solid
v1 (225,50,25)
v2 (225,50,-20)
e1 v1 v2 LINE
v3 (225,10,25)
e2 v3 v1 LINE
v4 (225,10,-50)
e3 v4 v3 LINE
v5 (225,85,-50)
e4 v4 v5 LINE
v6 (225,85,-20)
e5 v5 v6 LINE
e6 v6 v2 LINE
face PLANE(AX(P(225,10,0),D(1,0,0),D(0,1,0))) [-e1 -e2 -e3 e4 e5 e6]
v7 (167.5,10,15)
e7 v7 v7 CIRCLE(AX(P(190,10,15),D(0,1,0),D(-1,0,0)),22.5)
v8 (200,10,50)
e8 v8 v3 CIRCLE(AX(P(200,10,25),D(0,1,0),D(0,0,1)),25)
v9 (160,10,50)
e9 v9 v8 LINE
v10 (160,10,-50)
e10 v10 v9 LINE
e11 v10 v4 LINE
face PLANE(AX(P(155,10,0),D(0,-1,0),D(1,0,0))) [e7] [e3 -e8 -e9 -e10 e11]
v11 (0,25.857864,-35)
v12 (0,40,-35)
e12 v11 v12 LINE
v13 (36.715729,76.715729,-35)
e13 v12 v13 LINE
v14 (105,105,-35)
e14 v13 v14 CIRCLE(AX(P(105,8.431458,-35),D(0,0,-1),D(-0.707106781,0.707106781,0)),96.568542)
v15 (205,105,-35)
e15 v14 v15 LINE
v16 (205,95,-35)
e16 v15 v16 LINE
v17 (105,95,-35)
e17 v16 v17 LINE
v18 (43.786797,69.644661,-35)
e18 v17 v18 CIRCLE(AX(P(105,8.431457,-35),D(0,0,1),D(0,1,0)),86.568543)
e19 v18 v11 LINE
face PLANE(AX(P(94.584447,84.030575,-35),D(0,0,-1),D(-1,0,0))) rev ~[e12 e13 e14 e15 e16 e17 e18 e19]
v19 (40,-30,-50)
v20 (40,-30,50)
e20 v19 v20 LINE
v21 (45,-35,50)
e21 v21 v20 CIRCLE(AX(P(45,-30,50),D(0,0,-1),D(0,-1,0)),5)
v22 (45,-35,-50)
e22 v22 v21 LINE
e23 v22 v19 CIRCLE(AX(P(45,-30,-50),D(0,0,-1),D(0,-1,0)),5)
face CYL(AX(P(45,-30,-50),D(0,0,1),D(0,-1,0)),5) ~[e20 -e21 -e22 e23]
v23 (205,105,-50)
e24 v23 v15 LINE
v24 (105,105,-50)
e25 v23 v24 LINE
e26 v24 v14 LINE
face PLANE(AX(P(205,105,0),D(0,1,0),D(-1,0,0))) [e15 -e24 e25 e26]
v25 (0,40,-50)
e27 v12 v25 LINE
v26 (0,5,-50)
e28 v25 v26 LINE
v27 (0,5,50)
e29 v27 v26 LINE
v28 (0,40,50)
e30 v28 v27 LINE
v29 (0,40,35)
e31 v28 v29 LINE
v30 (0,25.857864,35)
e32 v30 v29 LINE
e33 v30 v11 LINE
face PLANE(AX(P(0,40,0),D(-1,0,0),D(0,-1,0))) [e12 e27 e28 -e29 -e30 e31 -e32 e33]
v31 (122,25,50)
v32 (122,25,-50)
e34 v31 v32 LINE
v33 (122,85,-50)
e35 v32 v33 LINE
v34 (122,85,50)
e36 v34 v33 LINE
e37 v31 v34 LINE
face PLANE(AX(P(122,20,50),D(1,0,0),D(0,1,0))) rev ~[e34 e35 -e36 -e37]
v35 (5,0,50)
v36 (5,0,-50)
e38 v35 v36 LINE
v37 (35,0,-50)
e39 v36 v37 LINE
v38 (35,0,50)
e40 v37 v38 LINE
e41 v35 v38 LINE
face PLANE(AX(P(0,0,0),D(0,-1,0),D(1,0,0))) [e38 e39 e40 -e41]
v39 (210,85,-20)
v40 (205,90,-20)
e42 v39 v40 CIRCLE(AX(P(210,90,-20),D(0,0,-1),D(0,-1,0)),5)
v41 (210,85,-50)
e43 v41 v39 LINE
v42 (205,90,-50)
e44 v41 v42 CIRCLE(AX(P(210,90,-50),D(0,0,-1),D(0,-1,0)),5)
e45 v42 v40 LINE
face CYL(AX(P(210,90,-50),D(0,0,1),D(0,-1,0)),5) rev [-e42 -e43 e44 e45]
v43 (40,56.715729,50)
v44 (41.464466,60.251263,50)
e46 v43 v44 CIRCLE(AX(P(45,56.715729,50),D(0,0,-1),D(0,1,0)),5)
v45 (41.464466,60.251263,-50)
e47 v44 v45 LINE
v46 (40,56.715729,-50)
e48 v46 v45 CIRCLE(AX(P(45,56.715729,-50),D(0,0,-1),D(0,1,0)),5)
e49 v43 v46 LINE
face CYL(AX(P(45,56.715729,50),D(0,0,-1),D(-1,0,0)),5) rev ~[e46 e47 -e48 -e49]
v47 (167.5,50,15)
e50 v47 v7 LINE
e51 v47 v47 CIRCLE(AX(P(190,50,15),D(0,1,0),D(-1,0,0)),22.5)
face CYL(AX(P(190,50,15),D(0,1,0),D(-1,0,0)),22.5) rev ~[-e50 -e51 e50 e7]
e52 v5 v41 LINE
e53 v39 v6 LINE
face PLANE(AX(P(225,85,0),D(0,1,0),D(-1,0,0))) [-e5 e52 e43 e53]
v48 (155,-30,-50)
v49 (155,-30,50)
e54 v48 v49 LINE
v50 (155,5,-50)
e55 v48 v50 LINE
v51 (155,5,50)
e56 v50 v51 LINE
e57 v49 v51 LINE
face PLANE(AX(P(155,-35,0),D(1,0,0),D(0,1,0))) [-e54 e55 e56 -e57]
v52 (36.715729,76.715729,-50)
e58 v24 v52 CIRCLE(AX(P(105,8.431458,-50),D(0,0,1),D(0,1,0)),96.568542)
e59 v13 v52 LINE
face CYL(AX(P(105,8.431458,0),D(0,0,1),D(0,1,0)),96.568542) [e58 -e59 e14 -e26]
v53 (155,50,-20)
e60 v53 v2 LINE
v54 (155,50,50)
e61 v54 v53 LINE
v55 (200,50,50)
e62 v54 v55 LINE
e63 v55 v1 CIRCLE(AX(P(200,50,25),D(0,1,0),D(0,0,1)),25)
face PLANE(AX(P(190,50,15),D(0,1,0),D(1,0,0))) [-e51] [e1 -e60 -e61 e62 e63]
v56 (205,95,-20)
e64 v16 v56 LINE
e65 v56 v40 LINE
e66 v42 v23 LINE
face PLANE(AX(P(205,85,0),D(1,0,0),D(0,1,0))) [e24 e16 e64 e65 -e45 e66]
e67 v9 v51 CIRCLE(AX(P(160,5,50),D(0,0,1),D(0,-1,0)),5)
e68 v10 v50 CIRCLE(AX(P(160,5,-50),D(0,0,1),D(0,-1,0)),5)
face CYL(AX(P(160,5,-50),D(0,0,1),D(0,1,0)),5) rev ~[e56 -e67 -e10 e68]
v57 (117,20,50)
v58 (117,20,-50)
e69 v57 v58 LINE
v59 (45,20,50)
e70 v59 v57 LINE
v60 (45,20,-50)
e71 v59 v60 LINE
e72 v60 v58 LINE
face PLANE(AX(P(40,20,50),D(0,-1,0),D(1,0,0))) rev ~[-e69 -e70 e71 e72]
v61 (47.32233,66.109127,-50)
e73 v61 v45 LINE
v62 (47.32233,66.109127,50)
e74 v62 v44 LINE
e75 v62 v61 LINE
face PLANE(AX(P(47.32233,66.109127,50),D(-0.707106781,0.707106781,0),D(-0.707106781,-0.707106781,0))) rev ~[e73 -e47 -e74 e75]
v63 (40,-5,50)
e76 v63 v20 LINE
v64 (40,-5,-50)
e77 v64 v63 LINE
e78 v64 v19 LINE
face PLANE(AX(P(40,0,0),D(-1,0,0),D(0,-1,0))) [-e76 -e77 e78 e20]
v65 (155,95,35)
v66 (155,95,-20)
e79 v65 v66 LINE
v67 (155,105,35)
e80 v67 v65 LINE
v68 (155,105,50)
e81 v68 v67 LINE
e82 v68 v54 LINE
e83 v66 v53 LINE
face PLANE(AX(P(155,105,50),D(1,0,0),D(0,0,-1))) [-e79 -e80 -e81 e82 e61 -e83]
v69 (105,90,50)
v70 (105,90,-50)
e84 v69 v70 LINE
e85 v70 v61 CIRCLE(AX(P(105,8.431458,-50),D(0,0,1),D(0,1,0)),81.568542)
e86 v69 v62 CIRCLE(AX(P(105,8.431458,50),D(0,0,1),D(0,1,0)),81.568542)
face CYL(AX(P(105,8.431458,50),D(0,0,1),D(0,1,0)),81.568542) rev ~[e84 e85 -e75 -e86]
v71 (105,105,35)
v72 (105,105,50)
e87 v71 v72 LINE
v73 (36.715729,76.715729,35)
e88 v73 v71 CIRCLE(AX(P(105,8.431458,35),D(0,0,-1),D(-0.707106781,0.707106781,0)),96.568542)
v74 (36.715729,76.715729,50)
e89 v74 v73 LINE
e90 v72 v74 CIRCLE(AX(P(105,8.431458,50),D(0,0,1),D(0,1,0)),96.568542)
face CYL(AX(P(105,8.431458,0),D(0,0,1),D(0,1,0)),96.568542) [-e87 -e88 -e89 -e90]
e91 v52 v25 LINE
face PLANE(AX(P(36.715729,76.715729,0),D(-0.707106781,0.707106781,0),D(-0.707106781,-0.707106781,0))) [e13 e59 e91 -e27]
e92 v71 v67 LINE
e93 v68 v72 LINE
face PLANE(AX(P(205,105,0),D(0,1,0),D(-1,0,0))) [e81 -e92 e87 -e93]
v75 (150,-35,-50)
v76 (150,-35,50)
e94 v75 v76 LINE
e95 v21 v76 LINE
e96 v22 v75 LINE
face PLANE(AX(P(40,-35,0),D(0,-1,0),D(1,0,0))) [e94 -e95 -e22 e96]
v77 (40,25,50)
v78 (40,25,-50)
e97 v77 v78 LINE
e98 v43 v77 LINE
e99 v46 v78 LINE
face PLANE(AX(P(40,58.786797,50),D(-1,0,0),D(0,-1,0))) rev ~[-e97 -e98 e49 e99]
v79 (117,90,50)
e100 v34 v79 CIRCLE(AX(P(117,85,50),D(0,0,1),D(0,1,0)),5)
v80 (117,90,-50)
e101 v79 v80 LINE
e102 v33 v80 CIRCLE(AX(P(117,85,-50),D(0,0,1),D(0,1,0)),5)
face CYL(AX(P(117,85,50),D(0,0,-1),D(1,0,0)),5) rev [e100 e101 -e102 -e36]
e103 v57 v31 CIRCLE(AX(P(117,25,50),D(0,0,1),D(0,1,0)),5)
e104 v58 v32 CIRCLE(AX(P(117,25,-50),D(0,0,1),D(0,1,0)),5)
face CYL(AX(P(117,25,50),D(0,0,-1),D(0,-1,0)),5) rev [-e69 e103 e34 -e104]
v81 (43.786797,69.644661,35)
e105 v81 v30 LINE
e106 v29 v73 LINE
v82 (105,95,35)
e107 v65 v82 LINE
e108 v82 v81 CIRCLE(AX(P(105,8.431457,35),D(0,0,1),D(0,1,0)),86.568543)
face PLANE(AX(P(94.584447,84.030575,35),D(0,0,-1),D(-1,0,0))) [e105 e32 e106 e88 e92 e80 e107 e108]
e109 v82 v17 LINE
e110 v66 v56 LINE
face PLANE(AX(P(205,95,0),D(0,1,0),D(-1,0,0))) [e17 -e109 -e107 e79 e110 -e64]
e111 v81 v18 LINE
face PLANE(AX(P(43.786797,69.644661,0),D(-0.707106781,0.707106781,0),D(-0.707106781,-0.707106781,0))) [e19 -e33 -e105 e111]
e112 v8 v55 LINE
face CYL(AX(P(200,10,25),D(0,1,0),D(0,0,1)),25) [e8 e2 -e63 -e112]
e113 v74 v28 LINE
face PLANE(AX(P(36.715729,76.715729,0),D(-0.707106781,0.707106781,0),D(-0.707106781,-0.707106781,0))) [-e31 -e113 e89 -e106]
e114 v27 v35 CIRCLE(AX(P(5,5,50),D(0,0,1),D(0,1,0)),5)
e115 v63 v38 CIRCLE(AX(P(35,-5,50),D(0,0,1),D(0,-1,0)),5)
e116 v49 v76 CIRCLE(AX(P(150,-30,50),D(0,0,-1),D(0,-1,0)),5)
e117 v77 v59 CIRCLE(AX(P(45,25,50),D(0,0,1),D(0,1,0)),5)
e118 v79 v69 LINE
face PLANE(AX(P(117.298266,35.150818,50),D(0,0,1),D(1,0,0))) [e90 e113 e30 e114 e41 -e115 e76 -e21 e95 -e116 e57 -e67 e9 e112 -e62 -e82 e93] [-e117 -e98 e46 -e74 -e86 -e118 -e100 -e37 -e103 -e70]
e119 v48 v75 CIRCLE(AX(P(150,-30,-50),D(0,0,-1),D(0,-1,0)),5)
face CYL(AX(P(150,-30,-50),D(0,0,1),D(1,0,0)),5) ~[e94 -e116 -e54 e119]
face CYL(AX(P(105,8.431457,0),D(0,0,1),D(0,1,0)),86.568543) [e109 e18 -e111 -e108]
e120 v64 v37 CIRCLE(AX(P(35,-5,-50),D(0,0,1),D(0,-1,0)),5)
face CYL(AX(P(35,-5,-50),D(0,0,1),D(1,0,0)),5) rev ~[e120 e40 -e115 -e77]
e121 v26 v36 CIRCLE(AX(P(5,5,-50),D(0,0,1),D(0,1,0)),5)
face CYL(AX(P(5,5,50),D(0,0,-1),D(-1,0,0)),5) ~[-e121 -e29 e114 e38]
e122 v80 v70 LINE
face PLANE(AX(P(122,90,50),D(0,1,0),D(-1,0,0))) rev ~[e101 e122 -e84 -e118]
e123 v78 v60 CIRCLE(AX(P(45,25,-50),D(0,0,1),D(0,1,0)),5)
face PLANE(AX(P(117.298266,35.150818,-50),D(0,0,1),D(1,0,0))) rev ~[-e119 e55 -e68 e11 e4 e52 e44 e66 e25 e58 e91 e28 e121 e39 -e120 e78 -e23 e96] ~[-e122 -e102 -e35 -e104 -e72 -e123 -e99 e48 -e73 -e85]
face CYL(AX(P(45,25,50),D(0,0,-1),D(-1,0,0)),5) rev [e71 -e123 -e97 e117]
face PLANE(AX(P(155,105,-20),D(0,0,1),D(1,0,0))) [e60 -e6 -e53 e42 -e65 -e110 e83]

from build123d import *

# Parameters (mm, degrees)
BOSS_EXTRUDE1_DEPTH = 50
CUT_EXTRUDE1_DEPTH  = 268.675176286
CUT_EXTRUDE3_DEPTH  = 35
SKETCH6_W           = 70
SKETCH6_H           = 70
CUT_EXTRUDE4_DEPTH  = 55
SKETCH7_R           = 22.5
CUT_EXTRUDE5_DEPTH  = 246.662369931
FILLET1_R           = 25
FILLET2_R           = 5
FILLET3_R           = 5


with BuildPart() as part:
    # Sketch1 → Boss-Extrude1 (new, symmetric)
    with BuildSketch(Plane.XY):
        with BuildLine():
            Line((0, 0), (40, 0))
            Line((40, 0), (40, -35))
            Line((40, -35), (155, -35))
            Line((155, -35), (155, 10))
            Line((155, 10), (225, 10))
            Line((225, 10), (225, 85))
            Line((225, 85), (205, 85))
            Line((205, 85), (205, 105))
            Line((205, 105), (105, 105))
            ThreePointArc((105, 105), (68.0448187, 97.649157401), (36.715728753, 76.715728753))
            Line((36.715728753, 76.715728753), (0, 40))
            Line((0, 40), (0, 0))
        make_face()
    extrude(amount=BOSS_EXTRUDE1_DEPTH, both=True)

    # Sketch2 → Cut-Extrude1 (cut, through all)
    with BuildSketch(Plane.XY.offset(50)):
        with BuildLine():
            Line((40, 58.786796564), (40, 20))
            Line((40, 20), (122, 20))
            Line((122, 20), (122, 90))
            Line((122, 90), (105, 90))
            ThreePointArc((105, 90), (73.785070185, 83.790964413), (47.32233047, 66.109127035))
            Line((47.32233047, 66.109127035), (40, 58.786796564))
        make_face()
    extrude(amount=-CUT_EXTRUDE1_DEPTH, mode=Mode.SUBTRACT)

    # Sketch5 → Cut-Extrude3 (cut, symmetric)
    with BuildSketch(Plane.XY):
        with BuildLine():
            Line((205, 95), (105, 95))
            ThreePointArc((105, 95), (71.871653023, 88.410362075), (43.786796564, 69.644660941))
            Line((43.786796564, 69.644660941), (0, 25.857864376))
            Line((0, 25.857864376), (0, 40))
            Line((0, 40), (36.715728753, 76.715728753))
            ThreePointArc((36.715728753, 76.715728753), (68.0448187, 97.649157401), (105, 105))
            Line((105, 105), (205, 105))
            Line((205, 105), (205, 95))
        make_face()
    extrude(amount=CUT_EXTRUDE3_DEPTH, both=True, mode=Mode.SUBTRACT)

    # Sketch6 → Cut-Extrude4 (cut)
    with BuildSketch(Plane(origin=(0, 105, 0), x_dir=(1, 0, 0), z_dir=(0, 1, 0))):
        with Locations((190, -15)):
            Rectangle(SKETCH6_W, SKETCH6_H)
    extrude(amount=-CUT_EXTRUDE4_DEPTH, mode=Mode.SUBTRACT)

    # Sketch7 → Cut-Extrude5 (cut, through all)
    with BuildSketch(Plane(origin=(0, 50, 0), x_dir=(1, 0, 0), z_dir=(0, 1, 0))):
        with Locations(Location((190, -15, 0), (0, 0, 180))):
            Circle(SKETCH7_R)
    extrude(amount=-CUT_EXTRUDE5_DEPTH, mode=Mode.SUBTRACT)

    # Fillet1
    fillet1_edges = [part.edges().sort_by_distance(p)[0] for p in [
        (225, 30, 50),
    ]]
    fillet(fillet1_edges, radius=FILLET1_R)

    # Fillet2
    fillet2_edges = [part.edges().sort_by_distance(p)[0] for p in [
        (155, 10, 0),
        (155, -35, 0),
        (40, -35, 0),
        (40, 0, 0),
        (0, 0, 0),
        (205, 85, -35),
    ]]
    fillet(fillet2_edges, radius=FILLET2_R)

    # Fillet3
    fillet3_edges = [part.edges().sort_by_distance(p)[0] for p in [
        (122, 90, 0),
        (122, 20, 0),
        (40, 20, 0),
        (40, 58.786796564, 0),
    ]]
    fillet(fillet3_edges, radius=FILLET3_R)


solid = part.part
